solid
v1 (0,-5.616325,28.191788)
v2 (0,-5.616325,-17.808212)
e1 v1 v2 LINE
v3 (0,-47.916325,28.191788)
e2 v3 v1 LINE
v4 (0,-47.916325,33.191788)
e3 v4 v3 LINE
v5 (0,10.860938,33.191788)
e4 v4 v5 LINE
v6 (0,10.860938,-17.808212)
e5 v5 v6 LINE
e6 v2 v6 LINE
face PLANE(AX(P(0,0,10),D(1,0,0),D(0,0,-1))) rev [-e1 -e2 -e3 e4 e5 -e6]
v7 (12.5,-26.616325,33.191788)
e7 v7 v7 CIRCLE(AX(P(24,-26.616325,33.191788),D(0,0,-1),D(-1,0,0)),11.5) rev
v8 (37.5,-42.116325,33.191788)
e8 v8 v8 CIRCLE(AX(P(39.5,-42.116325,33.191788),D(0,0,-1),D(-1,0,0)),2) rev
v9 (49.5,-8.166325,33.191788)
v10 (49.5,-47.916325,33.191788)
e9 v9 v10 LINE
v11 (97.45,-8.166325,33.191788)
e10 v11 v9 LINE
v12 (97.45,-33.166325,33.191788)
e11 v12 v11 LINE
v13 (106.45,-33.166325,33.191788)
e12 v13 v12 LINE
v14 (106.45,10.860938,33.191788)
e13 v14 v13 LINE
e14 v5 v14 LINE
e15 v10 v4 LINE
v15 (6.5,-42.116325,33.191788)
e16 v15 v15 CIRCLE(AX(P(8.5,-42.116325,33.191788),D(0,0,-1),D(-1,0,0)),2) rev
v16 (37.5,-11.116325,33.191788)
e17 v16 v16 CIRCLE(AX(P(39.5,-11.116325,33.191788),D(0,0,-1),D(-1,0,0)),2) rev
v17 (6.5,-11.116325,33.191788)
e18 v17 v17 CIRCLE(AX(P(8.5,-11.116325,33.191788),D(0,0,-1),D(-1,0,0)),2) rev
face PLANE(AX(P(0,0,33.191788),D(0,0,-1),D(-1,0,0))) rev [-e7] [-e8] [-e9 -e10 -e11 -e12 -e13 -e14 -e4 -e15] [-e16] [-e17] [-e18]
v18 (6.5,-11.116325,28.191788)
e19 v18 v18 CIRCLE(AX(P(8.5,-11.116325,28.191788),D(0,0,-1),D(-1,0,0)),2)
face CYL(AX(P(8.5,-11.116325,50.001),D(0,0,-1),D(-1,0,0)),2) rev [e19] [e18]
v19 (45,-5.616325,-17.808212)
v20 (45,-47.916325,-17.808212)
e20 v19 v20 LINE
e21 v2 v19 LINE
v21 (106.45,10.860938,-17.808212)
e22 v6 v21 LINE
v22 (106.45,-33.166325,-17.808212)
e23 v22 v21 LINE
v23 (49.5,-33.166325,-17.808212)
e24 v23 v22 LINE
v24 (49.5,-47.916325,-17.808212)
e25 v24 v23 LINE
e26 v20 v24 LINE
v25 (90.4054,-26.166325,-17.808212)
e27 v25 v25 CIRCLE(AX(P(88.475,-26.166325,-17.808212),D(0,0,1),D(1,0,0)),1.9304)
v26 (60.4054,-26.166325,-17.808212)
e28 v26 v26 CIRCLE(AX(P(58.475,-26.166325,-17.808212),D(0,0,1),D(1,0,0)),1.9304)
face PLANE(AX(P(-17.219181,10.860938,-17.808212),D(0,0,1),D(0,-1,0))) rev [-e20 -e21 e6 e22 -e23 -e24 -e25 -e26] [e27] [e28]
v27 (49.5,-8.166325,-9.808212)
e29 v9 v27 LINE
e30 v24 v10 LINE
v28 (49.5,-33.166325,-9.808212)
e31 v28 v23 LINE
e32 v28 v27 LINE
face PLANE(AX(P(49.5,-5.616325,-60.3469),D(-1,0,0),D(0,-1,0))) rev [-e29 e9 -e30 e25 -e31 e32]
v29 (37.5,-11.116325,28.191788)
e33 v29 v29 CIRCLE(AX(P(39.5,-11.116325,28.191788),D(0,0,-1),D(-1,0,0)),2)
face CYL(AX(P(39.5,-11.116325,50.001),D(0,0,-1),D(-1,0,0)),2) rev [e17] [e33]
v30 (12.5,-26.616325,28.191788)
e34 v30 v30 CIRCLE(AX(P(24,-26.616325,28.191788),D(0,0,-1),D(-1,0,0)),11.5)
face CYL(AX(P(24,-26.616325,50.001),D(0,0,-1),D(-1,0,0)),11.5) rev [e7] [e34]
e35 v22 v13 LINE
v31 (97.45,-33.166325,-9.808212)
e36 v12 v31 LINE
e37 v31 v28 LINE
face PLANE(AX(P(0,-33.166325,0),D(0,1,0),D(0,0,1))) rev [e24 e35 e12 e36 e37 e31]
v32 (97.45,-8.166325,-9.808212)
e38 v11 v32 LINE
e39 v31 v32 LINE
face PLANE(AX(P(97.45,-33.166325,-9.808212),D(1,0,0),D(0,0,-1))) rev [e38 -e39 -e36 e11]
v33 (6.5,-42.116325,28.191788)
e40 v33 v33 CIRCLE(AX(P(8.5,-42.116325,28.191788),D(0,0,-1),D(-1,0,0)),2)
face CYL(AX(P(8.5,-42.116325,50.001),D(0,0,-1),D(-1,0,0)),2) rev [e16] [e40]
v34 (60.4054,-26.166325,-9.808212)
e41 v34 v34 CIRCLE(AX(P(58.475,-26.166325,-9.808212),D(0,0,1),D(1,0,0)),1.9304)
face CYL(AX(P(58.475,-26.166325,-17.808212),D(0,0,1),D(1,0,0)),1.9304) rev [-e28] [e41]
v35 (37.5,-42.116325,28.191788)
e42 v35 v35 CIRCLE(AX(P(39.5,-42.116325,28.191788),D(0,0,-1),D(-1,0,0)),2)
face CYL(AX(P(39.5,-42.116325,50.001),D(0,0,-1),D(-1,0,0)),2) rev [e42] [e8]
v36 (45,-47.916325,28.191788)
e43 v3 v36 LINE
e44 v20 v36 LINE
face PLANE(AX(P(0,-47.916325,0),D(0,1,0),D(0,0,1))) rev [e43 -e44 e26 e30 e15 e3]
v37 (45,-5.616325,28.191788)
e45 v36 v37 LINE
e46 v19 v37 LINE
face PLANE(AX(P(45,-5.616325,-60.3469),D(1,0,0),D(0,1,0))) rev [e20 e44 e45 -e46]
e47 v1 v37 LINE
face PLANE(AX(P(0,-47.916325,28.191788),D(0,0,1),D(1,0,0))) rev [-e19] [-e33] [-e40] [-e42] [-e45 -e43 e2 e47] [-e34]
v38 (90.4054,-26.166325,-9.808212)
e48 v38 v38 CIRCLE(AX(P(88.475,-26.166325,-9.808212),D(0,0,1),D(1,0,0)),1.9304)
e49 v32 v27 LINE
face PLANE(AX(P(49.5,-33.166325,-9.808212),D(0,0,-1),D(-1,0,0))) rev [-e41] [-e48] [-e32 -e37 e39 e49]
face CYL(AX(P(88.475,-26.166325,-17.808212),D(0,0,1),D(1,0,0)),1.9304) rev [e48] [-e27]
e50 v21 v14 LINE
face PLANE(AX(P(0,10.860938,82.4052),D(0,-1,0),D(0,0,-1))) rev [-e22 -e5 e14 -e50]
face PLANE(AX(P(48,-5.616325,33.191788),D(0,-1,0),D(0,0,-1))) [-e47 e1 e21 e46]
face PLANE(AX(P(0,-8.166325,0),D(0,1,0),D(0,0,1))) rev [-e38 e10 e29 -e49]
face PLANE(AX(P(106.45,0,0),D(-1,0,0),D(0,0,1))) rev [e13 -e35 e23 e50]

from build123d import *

# Parameters (mm, degrees)
SKETCH1_W            = 48
SKETCH1_H            = 53
BOSS_EXTRUDE1_DEPTH  = 10
SKETCH2_W            = 48
SKETCH2_H            = 5.616325
BOSS_EXTRUDE2_DEPTH  = 33.1917878
SKETCH4_W            = 4
SKETCH4_H            = 10
BOSS_EXTRUDE4_DEPTH  = 40
SKETCH5_W            = 48
SKETCH5_H            = 10.8609375
BOSS_EXTRUDE5_DEPTH  = 23.1917878
SKETCH6_W            = 48
SKETCH6_H            = 5
BOSS_EXTRUDE6_DEPTH  = 42.3
SKETCH7_W            = 12.8082122
SKETCH7_H            = 16.4772625
BOSS_EXTRUDE7_DEPTH  = 48
CUT_EXTRUDE1_REACH   = 84.426
SKETCH8_R            = 11.5
SKETCH8_R_2          = 2
FILLET1_R            = 10
FILLET2_R            = 4
SKETCH9_W            = 5
SKETCH9_H            = 16.4772625
BOSS_EXTRUDE9_DEPTH  = 48
CUT_EXTRUDE2_DEPTH   = 88.252507127
SKETCH11_W           = 51
SKETCH11_H           = 16.4772625
BOSS_EXTRUDE10_DEPTH = 49.45
BOSS_EXTRUDE11_DEPTH = 46
SKETCH16_W           = 47.95
SKETCH16_H           = 51
BOSS_EXTRUDE14_DEPTH = 2.55
SKETCH14_W           = 5
SKETCH14_H           = 42.3
BOSS_EXTRUDE13_DEPTH = 1.5
SKETCH17_W           = 51
SKETCH17_H           = 19.0272625
BOSS_EXTRUDE15_DEPTH = 9
BOSS_EXTRUDE16_DEPTH = 25
SKETCH19_R           = 1.9304
CUT_EXTRUDE3_DEPTH   = 125.404890183


with BuildPart() as part:
    # Sketch1 → Boss-Extrude1 (new body)
    with BuildSketch(Plane.XY):
        with Locations((24, 26.5)):
            Rectangle(SKETCH1_W, SKETCH1_H)
    extrude(amount=BOSS_EXTRUDE1_DEPTH)

    # Sketch2 → Boss-Extrude2 (add)
    with BuildSketch(Plane(origin=(0, 0, 0), x_dir=(-1, 0, 0), z_dir=(0, 0, -1))):
        with Locations((-24, -2.8081625)):
            Rectangle(SKETCH2_W, SKETCH2_H)
    extrude(amount=-BOSS_EXTRUDE2_DEPTH)

    # Sketch4 → Boss-Extrude4 (add)
    with BuildSketch(Plane.XY.offset(10)):
        with Locations((2, 48)):
            Rectangle(SKETCH4_W, SKETCH4_H)
        with Locations((46, 48)):
            Rectangle(SKETCH4_W, SKETCH4_H)
    extrude(amount=BOSS_EXTRUDE4_DEPTH)

    # Sketch5 → Boss-Extrude5 (add)
    with BuildSketch(Plane.XY.offset(10)):
        with Locations((24, 5.43046875)):
            Rectangle(SKETCH5_W, SKETCH5_H)
    extrude(amount=BOSS_EXTRUDE5_DEPTH)

    # Sketch6 → Boss-Extrude6 (add)
    with BuildSketch(Plane.XZ.offset(5.616325)):
        with Locations((24, 30.6917878)):
            Rectangle(SKETCH6_W, SKETCH6_H)
    extrude(amount=BOSS_EXTRUDE6_DEPTH)

    # Sketch7 → Boss-Extrude7 (add)
    with BuildSketch(Plane.ZY):
        with Locations((-6.4041061, 2.62230625)):
            Rectangle(SKETCH7_W, SKETCH7_H)
    extrude(amount=-BOSS_EXTRUDE7_DEPTH)

    # Sketch8 → Cut-Extrude1 (cut, up to next)
    with BuildSketch(Plane(origin=(0, 0, 28.1917878), x_dir=(-1, 0, 0), z_dir=(0, 0, -1)), mode=Mode.PRIVATE) as cut_extrude1_sk1:
        with Locations((-24, -26.616325)):
            Circle(SKETCH8_R)
    cut_extrude1_tool1 = extrude(cut_extrude1_sk1.sketch, amount=-CUT_EXTRUDE1_REACH, mode=Mode.PRIVATE) & part.part
    # Sketch8 → Cut-Extrude1 (cut, up to next)
    with BuildSketch(Plane(origin=(0, 0, 28.1917878), x_dir=(-1, 0, 0), z_dir=(0, 0, -1)), mode=Mode.PRIVATE) as cut_extrude1_sk2:
        with Locations((-39.5, -11.116325)):
            Circle(SKETCH8_R_2)
    cut_extrude1_tool2 = extrude(cut_extrude1_sk2.sketch, amount=-CUT_EXTRUDE1_REACH, mode=Mode.PRIVATE) & part.part
    # Sketch8 → Cut-Extrude1 (cut, up to next)
    with BuildSketch(Plane(origin=(0, 0, 28.1917878), x_dir=(-1, 0, 0), z_dir=(0, 0, -1)), mode=Mode.PRIVATE) as cut_extrude1_sk3:
        with Locations((-39.5, -42.116325)):
            Circle(SKETCH8_R_2)
    cut_extrude1_tool3 = extrude(cut_extrude1_sk3.sketch, amount=-CUT_EXTRUDE1_REACH, mode=Mode.PRIVATE) & part.part
    # Sketch8 → Cut-Extrude1 (cut, up to next)
    with BuildSketch(Plane(origin=(0, 0, 28.1917878), x_dir=(-1, 0, 0), z_dir=(0, 0, -1)), mode=Mode.PRIVATE) as cut_extrude1_sk4:
        with Locations((-8.5, -11.116325)):
            Circle(SKETCH8_R_2)
    cut_extrude1_tool4 = extrude(cut_extrude1_sk4.sketch, amount=-CUT_EXTRUDE1_REACH, mode=Mode.PRIVATE) & part.part
    # Sketch8 → Cut-Extrude1 (cut, up to next)
    with BuildSketch(Plane(origin=(0, 0, 28.1917878), x_dir=(-1, 0, 0), z_dir=(0, 0, -1)), mode=Mode.PRIVATE) as cut_extrude1_sk5:
        with Locations((-8.5, -42.116325)):
            Circle(SKETCH8_R_2)
    cut_extrude1_tool5 = extrude(cut_extrude1_sk5.sketch, amount=-CUT_EXTRUDE1_REACH, mode=Mode.PRIVATE) & part.part
    add(cut_extrude1_tool1.solids().sort_by_distance((24, -26.616325, 28.191788))[0], mode=Mode.SUBTRACT)
    add(cut_extrude1_tool2.solids().sort_by_distance((39.5, -11.116325, 28.191788))[0], mode=Mode.SUBTRACT)
    add(cut_extrude1_tool3.solids().sort_by_distance((39.5, -42.116325, 28.191788))[0], mode=Mode.SUBTRACT)
    add(cut_extrude1_tool4.solids().sort_by_distance((8.5, -11.116325, 28.191788))[0], mode=Mode.SUBTRACT)
    add(cut_extrude1_tool5.solids().sort_by_distance((8.5, -42.116325, 28.191788))[0], mode=Mode.SUBTRACT)

    # Fillet1
    fillet1_edges = [part.edges().sort_by_distance(p)[0] for p in [
        (24, 10.8609375, 0),
    ]]
    fillet(fillet1_edges, radius=FILLET1_R)

    # Fillet2
    fillet2_edges = [part.edges().sort_by_distance(p)[0] for p in [
        (2, 43, 10),
        (46, 43, 10),
    ]]
    fillet(fillet2_edges, radius=FILLET2_R)

    # Sketch9 → Boss-Extrude9 (add)
    with BuildSketch(Plane(origin=(48, 0, 0), x_dir=(0, 0, -1), z_dir=(1, 0, 0))):
        with Locations((15.3082122, 2.62230625)):
            Rectangle(SKETCH9_W, SKETCH9_H)
    extrude(amount=-BOSS_EXTRUDE9_DEPTH)

    # Sketch10 → Cut-Extrude2 (cut, through all)
    with BuildSketch(Plane(origin=(48, 0, 0), x_dir=(0, 0, -1), z_dir=(1, 0, 0))):
        Polygon((17.8082122, 10.8609375), (-33.1917878, 10.8609375), (-76.887145623, 43.902095521), (-50.794096938, 74.436514195), (27.207463492, 71.105486703), align=None)
    extrude(amount=-CUT_EXTRUDE2_DEPTH, mode=Mode.SUBTRACT)

    # Sketch11 → Boss-Extrude10 (add)
    with BuildSketch(Plane(origin=(48, 0, 0), x_dir=(0, 0, -1), z_dir=(1, 0, 0))):
        with Locations((-7.6917878, 2.62230625)):
            Rectangle(SKETCH11_W, SKETCH11_H)
    extrude(amount=BOSS_EXTRUDE10_DEPTH)

    # Sketch12 → Boss-Extrude11 (add)
    with BuildSketch(Plane(origin=(0, 0, 28.1917878), x_dir=(-1, 0, 0), z_dir=(0, 0, -1))):
        Polygon((-48, -47.916325), (-45, -47.916325), (-45, -5.616325), (-49.5, -5.616325), (-49.5, -47.916325), align=None)
    extrude(amount=BOSS_EXTRUDE11_DEPTH)

    # Sketch16 → Boss-Extrude14 (add)
    with BuildSketch(Plane.XZ.offset(5.616325)):
        with Locations((73.475, 7.6917878)):
            Rectangle(SKETCH16_W, SKETCH16_H)
    extrude(amount=BOSS_EXTRUDE14_DEPTH)

    # Sketch14 → Boss-Extrude13 (add)
    with BuildSketch(Plane(origin=(49.5, 0, 0), x_dir=(0, 0, -1), z_dir=(1, 0, 0))):
        with Locations((-30.6917878, -26.766325)):
            Rectangle(SKETCH14_W, SKETCH14_H)
    extrude(amount=-BOSS_EXTRUDE13_DEPTH)

    # Sketch17 → Boss-Extrude15 (add)
    with BuildSketch(Plane(origin=(97.45, 0, 0), x_dir=(0, 0, -1), z_dir=(1, 0, 0))):
        with Locations((-7.6917878, 1.34730625)):
            Rectangle(SKETCH17_W, SKETCH17_H)
    extrude(amount=BOSS_EXTRUDE15_DEPTH)

    # Sketch18 → Boss-Extrude16 (add)
    with BuildSketch(Plane.XZ.offset(8.166325)):
        Polygon((49.5, -17.8082122), (106.45, -17.8082122), (106.45, -9.8082122), (106.45, 33.1917878), (97.45, 33.1917878), (97.45, -9.8082122), (49.5, -9.8082122), align=None)
    extrude(amount=BOSS_EXTRUDE16_DEPTH)

    # Sketch19 → Cut-Extrude3 (cut, through all)
    with BuildSketch(Plane.XY.offset(-9.8082122)):
        with Locations((58.475, -26.166325)):
            Circle(SKETCH19_R)
        with Locations((88.475, -26.166325)):
            Circle(SKETCH19_R)
    extrude(amount=-CUT_EXTRUDE3_DEPTH, mode=Mode.SUBTRACT)


solid = part.part
